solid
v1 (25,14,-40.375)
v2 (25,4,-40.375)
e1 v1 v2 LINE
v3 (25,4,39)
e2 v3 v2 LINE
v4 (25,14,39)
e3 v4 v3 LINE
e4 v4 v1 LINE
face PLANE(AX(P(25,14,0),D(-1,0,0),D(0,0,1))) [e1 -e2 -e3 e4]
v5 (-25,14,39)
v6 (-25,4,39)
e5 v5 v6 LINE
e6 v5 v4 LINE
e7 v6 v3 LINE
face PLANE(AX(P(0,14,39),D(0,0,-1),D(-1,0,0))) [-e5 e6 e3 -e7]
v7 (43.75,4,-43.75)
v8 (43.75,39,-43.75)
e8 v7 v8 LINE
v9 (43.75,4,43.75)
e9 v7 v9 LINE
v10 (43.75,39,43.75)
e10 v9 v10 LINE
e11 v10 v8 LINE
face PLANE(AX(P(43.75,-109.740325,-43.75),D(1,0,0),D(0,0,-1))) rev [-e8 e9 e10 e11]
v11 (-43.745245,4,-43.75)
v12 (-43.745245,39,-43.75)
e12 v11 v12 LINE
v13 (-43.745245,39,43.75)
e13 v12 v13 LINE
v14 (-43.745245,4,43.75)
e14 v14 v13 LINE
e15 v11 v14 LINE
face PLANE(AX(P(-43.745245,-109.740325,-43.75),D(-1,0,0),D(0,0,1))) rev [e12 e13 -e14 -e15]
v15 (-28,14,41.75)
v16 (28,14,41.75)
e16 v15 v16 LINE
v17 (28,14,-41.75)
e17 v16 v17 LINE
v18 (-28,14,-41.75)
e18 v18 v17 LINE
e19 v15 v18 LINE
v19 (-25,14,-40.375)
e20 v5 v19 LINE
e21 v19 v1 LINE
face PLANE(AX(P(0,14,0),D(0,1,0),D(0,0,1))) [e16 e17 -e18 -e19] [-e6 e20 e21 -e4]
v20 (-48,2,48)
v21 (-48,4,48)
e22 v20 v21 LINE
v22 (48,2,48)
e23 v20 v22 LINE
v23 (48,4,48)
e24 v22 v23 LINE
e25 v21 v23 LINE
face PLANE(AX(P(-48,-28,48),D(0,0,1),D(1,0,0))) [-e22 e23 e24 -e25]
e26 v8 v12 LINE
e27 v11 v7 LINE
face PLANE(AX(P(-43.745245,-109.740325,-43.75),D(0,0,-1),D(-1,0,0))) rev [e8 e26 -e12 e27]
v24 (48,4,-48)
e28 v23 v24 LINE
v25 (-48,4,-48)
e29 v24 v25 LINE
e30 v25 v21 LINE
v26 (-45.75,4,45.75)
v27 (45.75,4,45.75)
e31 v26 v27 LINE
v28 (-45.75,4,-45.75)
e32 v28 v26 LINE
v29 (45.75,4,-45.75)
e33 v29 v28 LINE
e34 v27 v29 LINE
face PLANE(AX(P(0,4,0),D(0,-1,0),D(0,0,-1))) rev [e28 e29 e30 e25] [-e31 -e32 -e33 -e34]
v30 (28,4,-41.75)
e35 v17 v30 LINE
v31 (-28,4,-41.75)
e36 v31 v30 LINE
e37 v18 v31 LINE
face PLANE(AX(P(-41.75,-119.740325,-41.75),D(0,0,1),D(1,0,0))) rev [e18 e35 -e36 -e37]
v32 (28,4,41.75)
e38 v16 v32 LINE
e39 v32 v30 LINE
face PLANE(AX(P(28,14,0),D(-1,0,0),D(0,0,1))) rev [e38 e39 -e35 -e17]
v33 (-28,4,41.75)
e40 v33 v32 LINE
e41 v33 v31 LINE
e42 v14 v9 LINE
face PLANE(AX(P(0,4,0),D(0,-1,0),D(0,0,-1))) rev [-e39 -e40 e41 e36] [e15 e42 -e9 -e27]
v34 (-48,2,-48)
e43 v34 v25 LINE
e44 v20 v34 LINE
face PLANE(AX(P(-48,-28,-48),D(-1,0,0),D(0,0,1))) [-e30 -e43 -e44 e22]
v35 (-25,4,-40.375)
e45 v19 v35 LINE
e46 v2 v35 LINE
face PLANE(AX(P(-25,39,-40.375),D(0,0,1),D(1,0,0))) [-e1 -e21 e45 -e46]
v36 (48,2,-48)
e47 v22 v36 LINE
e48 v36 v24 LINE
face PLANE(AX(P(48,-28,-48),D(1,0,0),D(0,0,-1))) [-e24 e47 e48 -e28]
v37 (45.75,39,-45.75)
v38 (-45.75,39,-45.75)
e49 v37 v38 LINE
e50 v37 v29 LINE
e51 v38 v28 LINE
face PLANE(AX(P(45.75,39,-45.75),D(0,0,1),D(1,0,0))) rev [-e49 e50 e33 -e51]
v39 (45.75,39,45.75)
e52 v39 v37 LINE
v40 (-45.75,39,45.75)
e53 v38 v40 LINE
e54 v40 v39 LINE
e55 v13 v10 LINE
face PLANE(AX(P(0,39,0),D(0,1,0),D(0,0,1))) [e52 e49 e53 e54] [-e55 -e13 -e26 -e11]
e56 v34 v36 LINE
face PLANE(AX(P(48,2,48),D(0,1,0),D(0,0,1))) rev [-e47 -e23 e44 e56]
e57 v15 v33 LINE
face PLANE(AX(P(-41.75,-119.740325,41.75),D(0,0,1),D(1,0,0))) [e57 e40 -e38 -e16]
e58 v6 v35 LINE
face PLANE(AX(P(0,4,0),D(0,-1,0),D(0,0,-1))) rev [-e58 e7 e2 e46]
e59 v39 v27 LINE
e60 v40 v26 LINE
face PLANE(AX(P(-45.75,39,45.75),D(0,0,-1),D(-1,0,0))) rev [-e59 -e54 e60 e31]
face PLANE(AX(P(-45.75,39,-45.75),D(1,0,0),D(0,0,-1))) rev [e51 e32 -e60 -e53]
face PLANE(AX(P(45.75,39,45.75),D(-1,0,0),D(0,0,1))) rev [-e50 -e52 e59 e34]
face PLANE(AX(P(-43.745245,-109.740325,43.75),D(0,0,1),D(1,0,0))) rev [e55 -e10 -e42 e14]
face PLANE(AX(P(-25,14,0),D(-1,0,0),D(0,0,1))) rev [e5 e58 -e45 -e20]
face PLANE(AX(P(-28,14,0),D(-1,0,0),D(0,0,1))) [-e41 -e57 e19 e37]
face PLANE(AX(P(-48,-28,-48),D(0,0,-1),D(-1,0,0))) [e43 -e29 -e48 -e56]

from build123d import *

# Parameters (mm, degrees)
SKETCH1_W            = 100
SKETCH1_H            = 100
BOSS_EXTRUDE1_DEPTH  = 4
SKETCH2_W            = 91.5
SKETCH2_H            = 91.5
SKETCH2_W_2          = 83.5
SKETCH2_H_2          = 83.5
BOSS_EXTRUDE2_DEPTH  = 35
SKETCH3_W            = 4
SKETCH3_H            = 4
CUT_EXTRUDE1_DEPTH   = 4
SKETCH4_W            = 26
SKETCH4_H            = 2.75
SKETCH4_W_2          = 3
SKETCH4_H_2          = 44.42
BOSS_EXTRUDE3_DEPTH  = 10
SKETCH5_W            = 50
SKETCH5_H            = 1.375
CUT_EXTRUDE2_DEPTH   = 79.89866919
SKETCH7_W            = 4
SKETCH7_H            = 4
BOSS_EXTRUDE5_DEPTH  = 4
SKETCH8_W            = 87.495245403
SKETCH8_H            = 87.5
CUT_EXTRUDE6_DEPTH   = 25
SKETCH10_W           = 87.495245403
SKETCH10_H           = 87.5
SKETCH10_W_2         = 83.5
SKETCH10_H_2         = 83.5
CUT_EXTRUDE8_DEPTH   = 10
SKETCH11_OUTSIDE_W   = 131.34
SKETCH11_OUTSIDE_H   = 131.34
SKETCH11_OUTSIDE_W_2 = 96
SKETCH11_OUTSIDE_H_2 = 96
CUT_EXTRUDE9_DEPTH   = 32
SKETCH12_W           = 96
SKETCH12_H           = 2
CUT_EXTRUDE10_DEPTH  = 115.197197864


with BuildPart() as part:
    # Sketch1 → Boss-Extrude1 (new body)
    with BuildSketch(Plane(origin=(0, 0, 0), x_dir=(1, 0, 0), z_dir=(0, 1, 0))):
        Rectangle(SKETCH1_W, SKETCH1_H)
    extrude(amount=BOSS_EXTRUDE1_DEPTH)

    # Sketch2 → Boss-Extrude2 (add)
    with BuildSketch(Plane(origin=(0, 4, 0), x_dir=(1, 0, 0), z_dir=(0, 1, 0))):
        Rectangle(SKETCH2_W, SKETCH2_H)
        Rectangle(SKETCH2_W_2, SKETCH2_H_2, mode=Mode.SUBTRACT)
    extrude(amount=BOSS_EXTRUDE2_DEPTH)

    # Sketch3 → Cut-Extrude1 (cut)
    with BuildSketch(Plane(origin=(0, 0, -45.75), x_dir=(-1, 0, 0), z_dir=(0, 0, -1))):
        with Locations((0, 6)):
            Rectangle(SKETCH3_W, SKETCH3_H)
    extrude(amount=-CUT_EXTRUDE1_DEPTH, mode=Mode.SUBTRACT)

    # Sketch4 → Boss-Extrude3 (add)
    with BuildSketch(Plane(origin=(0, 4, 0), x_dir=(1, 0, 0), z_dir=(0, 1, 0))):
        Polygon((-28, 22.21), (-25, 22.21), (-25, 39), (-13, 39), (-13, 41.75), (-28, 41.75), align=None)
        Polygon((25, 39), (25, 22.21), (28, 22.21), (28, 41.75), (13, 41.75), (13, 39), align=None)
        Polygon((25, -39), (13, -39), (13, -41.75), (28, -41.75), (28, -22.21), (25, -22.21), align=None)
        Polygon((-13, -39), (-25, -39), (-25, -22.21), (-28, -22.21), (-28, -41.75), (-13, -41.75), align=None)
        with Locations((0, -40.375)):
            Rectangle(SKETCH4_W, SKETCH4_H)
        with Locations((-26.5, 0)):
            Rectangle(SKETCH4_W_2, SKETCH4_H_2)
        with Locations((0, 40.375)):
            Rectangle(SKETCH4_W, SKETCH4_H)
        with Locations((26.5, 0)):
            Rectangle(SKETCH4_W_2, SKETCH4_H_2)
    extrude(amount=BOSS_EXTRUDE3_DEPTH)

    # Sketch5 → Cut-Extrude2 (cut, through all)
    with BuildSketch(Plane(origin=(0, 4, 0), x_dir=(1, 0, 0), z_dir=(0, 1, 0))):
        with Locations((0, 39.6875)):
            Rectangle(SKETCH5_W, SKETCH5_H)
    extrude(amount=CUT_EXTRUDE2_DEPTH, mode=Mode.SUBTRACT)

    # Sketch7 → Boss-Extrude5 (add)
    with BuildSketch(Plane(origin=(0, 0, -45.75), x_dir=(-1, 0, 0), z_dir=(0, 0, -1))):
        with Locations((0, 6)):
            Rectangle(SKETCH7_W, SKETCH7_H)
    extrude(amount=-BOSS_EXTRUDE5_DEPTH)

    # Sketch8 → Cut-Extrude6 (cut)
    with BuildSketch(Plane(origin=(0, 39, 0), x_dir=(1, 0, 0), z_dir=(0, 1, 0))):
        with Locations((0.002377298, 0)):
            Rectangle(SKETCH8_W, SKETCH8_H)
    extrude(amount=-CUT_EXTRUDE6_DEPTH, mode=Mode.SUBTRACT)

    # Sketch10 → Cut-Extrude8 (cut)
    with BuildSketch(Plane(origin=(0, 14, 0), x_dir=(1, 0, 0), z_dir=(0, 1, 0))):
        with Locations((0.002377298, 0)):
            Rectangle(SKETCH10_W, SKETCH10_H)
        Rectangle(SKETCH10_W_2, SKETCH10_H_2, mode=Mode.SUBTRACT)
    extrude(amount=-CUT_EXTRUDE8_DEPTH, mode=Mode.SUBTRACT)

    # Sketch11 outside → Cut-Extrude9 (cut)
    with BuildSketch(Plane(origin=(0, 4, 0), x_dir=(1, 0, 0), z_dir=(0, 1, 0))):
        Rectangle(SKETCH11_OUTSIDE_W, SKETCH11_OUTSIDE_H)
        Rectangle(SKETCH11_OUTSIDE_W_2, SKETCH11_OUTSIDE_H_2, mode=Mode.SUBTRACT)
    extrude(amount=-CUT_EXTRUDE9_DEPTH, mode=Mode.SUBTRACT)

    # Sketch12 → Cut-Extrude10 (cut, through all)
    with BuildSketch(Plane(origin=(0, 0, -48), x_dir=(-1, 0, 0), z_dir=(0, 0, -1))):
        with Locations((0, 1)):
            Rectangle(SKETCH12_W, SKETCH12_H)
    extrude(amount=-CUT_EXTRUDE10_DEPTH, mode=Mode.SUBTRACT)


solid = part.part
